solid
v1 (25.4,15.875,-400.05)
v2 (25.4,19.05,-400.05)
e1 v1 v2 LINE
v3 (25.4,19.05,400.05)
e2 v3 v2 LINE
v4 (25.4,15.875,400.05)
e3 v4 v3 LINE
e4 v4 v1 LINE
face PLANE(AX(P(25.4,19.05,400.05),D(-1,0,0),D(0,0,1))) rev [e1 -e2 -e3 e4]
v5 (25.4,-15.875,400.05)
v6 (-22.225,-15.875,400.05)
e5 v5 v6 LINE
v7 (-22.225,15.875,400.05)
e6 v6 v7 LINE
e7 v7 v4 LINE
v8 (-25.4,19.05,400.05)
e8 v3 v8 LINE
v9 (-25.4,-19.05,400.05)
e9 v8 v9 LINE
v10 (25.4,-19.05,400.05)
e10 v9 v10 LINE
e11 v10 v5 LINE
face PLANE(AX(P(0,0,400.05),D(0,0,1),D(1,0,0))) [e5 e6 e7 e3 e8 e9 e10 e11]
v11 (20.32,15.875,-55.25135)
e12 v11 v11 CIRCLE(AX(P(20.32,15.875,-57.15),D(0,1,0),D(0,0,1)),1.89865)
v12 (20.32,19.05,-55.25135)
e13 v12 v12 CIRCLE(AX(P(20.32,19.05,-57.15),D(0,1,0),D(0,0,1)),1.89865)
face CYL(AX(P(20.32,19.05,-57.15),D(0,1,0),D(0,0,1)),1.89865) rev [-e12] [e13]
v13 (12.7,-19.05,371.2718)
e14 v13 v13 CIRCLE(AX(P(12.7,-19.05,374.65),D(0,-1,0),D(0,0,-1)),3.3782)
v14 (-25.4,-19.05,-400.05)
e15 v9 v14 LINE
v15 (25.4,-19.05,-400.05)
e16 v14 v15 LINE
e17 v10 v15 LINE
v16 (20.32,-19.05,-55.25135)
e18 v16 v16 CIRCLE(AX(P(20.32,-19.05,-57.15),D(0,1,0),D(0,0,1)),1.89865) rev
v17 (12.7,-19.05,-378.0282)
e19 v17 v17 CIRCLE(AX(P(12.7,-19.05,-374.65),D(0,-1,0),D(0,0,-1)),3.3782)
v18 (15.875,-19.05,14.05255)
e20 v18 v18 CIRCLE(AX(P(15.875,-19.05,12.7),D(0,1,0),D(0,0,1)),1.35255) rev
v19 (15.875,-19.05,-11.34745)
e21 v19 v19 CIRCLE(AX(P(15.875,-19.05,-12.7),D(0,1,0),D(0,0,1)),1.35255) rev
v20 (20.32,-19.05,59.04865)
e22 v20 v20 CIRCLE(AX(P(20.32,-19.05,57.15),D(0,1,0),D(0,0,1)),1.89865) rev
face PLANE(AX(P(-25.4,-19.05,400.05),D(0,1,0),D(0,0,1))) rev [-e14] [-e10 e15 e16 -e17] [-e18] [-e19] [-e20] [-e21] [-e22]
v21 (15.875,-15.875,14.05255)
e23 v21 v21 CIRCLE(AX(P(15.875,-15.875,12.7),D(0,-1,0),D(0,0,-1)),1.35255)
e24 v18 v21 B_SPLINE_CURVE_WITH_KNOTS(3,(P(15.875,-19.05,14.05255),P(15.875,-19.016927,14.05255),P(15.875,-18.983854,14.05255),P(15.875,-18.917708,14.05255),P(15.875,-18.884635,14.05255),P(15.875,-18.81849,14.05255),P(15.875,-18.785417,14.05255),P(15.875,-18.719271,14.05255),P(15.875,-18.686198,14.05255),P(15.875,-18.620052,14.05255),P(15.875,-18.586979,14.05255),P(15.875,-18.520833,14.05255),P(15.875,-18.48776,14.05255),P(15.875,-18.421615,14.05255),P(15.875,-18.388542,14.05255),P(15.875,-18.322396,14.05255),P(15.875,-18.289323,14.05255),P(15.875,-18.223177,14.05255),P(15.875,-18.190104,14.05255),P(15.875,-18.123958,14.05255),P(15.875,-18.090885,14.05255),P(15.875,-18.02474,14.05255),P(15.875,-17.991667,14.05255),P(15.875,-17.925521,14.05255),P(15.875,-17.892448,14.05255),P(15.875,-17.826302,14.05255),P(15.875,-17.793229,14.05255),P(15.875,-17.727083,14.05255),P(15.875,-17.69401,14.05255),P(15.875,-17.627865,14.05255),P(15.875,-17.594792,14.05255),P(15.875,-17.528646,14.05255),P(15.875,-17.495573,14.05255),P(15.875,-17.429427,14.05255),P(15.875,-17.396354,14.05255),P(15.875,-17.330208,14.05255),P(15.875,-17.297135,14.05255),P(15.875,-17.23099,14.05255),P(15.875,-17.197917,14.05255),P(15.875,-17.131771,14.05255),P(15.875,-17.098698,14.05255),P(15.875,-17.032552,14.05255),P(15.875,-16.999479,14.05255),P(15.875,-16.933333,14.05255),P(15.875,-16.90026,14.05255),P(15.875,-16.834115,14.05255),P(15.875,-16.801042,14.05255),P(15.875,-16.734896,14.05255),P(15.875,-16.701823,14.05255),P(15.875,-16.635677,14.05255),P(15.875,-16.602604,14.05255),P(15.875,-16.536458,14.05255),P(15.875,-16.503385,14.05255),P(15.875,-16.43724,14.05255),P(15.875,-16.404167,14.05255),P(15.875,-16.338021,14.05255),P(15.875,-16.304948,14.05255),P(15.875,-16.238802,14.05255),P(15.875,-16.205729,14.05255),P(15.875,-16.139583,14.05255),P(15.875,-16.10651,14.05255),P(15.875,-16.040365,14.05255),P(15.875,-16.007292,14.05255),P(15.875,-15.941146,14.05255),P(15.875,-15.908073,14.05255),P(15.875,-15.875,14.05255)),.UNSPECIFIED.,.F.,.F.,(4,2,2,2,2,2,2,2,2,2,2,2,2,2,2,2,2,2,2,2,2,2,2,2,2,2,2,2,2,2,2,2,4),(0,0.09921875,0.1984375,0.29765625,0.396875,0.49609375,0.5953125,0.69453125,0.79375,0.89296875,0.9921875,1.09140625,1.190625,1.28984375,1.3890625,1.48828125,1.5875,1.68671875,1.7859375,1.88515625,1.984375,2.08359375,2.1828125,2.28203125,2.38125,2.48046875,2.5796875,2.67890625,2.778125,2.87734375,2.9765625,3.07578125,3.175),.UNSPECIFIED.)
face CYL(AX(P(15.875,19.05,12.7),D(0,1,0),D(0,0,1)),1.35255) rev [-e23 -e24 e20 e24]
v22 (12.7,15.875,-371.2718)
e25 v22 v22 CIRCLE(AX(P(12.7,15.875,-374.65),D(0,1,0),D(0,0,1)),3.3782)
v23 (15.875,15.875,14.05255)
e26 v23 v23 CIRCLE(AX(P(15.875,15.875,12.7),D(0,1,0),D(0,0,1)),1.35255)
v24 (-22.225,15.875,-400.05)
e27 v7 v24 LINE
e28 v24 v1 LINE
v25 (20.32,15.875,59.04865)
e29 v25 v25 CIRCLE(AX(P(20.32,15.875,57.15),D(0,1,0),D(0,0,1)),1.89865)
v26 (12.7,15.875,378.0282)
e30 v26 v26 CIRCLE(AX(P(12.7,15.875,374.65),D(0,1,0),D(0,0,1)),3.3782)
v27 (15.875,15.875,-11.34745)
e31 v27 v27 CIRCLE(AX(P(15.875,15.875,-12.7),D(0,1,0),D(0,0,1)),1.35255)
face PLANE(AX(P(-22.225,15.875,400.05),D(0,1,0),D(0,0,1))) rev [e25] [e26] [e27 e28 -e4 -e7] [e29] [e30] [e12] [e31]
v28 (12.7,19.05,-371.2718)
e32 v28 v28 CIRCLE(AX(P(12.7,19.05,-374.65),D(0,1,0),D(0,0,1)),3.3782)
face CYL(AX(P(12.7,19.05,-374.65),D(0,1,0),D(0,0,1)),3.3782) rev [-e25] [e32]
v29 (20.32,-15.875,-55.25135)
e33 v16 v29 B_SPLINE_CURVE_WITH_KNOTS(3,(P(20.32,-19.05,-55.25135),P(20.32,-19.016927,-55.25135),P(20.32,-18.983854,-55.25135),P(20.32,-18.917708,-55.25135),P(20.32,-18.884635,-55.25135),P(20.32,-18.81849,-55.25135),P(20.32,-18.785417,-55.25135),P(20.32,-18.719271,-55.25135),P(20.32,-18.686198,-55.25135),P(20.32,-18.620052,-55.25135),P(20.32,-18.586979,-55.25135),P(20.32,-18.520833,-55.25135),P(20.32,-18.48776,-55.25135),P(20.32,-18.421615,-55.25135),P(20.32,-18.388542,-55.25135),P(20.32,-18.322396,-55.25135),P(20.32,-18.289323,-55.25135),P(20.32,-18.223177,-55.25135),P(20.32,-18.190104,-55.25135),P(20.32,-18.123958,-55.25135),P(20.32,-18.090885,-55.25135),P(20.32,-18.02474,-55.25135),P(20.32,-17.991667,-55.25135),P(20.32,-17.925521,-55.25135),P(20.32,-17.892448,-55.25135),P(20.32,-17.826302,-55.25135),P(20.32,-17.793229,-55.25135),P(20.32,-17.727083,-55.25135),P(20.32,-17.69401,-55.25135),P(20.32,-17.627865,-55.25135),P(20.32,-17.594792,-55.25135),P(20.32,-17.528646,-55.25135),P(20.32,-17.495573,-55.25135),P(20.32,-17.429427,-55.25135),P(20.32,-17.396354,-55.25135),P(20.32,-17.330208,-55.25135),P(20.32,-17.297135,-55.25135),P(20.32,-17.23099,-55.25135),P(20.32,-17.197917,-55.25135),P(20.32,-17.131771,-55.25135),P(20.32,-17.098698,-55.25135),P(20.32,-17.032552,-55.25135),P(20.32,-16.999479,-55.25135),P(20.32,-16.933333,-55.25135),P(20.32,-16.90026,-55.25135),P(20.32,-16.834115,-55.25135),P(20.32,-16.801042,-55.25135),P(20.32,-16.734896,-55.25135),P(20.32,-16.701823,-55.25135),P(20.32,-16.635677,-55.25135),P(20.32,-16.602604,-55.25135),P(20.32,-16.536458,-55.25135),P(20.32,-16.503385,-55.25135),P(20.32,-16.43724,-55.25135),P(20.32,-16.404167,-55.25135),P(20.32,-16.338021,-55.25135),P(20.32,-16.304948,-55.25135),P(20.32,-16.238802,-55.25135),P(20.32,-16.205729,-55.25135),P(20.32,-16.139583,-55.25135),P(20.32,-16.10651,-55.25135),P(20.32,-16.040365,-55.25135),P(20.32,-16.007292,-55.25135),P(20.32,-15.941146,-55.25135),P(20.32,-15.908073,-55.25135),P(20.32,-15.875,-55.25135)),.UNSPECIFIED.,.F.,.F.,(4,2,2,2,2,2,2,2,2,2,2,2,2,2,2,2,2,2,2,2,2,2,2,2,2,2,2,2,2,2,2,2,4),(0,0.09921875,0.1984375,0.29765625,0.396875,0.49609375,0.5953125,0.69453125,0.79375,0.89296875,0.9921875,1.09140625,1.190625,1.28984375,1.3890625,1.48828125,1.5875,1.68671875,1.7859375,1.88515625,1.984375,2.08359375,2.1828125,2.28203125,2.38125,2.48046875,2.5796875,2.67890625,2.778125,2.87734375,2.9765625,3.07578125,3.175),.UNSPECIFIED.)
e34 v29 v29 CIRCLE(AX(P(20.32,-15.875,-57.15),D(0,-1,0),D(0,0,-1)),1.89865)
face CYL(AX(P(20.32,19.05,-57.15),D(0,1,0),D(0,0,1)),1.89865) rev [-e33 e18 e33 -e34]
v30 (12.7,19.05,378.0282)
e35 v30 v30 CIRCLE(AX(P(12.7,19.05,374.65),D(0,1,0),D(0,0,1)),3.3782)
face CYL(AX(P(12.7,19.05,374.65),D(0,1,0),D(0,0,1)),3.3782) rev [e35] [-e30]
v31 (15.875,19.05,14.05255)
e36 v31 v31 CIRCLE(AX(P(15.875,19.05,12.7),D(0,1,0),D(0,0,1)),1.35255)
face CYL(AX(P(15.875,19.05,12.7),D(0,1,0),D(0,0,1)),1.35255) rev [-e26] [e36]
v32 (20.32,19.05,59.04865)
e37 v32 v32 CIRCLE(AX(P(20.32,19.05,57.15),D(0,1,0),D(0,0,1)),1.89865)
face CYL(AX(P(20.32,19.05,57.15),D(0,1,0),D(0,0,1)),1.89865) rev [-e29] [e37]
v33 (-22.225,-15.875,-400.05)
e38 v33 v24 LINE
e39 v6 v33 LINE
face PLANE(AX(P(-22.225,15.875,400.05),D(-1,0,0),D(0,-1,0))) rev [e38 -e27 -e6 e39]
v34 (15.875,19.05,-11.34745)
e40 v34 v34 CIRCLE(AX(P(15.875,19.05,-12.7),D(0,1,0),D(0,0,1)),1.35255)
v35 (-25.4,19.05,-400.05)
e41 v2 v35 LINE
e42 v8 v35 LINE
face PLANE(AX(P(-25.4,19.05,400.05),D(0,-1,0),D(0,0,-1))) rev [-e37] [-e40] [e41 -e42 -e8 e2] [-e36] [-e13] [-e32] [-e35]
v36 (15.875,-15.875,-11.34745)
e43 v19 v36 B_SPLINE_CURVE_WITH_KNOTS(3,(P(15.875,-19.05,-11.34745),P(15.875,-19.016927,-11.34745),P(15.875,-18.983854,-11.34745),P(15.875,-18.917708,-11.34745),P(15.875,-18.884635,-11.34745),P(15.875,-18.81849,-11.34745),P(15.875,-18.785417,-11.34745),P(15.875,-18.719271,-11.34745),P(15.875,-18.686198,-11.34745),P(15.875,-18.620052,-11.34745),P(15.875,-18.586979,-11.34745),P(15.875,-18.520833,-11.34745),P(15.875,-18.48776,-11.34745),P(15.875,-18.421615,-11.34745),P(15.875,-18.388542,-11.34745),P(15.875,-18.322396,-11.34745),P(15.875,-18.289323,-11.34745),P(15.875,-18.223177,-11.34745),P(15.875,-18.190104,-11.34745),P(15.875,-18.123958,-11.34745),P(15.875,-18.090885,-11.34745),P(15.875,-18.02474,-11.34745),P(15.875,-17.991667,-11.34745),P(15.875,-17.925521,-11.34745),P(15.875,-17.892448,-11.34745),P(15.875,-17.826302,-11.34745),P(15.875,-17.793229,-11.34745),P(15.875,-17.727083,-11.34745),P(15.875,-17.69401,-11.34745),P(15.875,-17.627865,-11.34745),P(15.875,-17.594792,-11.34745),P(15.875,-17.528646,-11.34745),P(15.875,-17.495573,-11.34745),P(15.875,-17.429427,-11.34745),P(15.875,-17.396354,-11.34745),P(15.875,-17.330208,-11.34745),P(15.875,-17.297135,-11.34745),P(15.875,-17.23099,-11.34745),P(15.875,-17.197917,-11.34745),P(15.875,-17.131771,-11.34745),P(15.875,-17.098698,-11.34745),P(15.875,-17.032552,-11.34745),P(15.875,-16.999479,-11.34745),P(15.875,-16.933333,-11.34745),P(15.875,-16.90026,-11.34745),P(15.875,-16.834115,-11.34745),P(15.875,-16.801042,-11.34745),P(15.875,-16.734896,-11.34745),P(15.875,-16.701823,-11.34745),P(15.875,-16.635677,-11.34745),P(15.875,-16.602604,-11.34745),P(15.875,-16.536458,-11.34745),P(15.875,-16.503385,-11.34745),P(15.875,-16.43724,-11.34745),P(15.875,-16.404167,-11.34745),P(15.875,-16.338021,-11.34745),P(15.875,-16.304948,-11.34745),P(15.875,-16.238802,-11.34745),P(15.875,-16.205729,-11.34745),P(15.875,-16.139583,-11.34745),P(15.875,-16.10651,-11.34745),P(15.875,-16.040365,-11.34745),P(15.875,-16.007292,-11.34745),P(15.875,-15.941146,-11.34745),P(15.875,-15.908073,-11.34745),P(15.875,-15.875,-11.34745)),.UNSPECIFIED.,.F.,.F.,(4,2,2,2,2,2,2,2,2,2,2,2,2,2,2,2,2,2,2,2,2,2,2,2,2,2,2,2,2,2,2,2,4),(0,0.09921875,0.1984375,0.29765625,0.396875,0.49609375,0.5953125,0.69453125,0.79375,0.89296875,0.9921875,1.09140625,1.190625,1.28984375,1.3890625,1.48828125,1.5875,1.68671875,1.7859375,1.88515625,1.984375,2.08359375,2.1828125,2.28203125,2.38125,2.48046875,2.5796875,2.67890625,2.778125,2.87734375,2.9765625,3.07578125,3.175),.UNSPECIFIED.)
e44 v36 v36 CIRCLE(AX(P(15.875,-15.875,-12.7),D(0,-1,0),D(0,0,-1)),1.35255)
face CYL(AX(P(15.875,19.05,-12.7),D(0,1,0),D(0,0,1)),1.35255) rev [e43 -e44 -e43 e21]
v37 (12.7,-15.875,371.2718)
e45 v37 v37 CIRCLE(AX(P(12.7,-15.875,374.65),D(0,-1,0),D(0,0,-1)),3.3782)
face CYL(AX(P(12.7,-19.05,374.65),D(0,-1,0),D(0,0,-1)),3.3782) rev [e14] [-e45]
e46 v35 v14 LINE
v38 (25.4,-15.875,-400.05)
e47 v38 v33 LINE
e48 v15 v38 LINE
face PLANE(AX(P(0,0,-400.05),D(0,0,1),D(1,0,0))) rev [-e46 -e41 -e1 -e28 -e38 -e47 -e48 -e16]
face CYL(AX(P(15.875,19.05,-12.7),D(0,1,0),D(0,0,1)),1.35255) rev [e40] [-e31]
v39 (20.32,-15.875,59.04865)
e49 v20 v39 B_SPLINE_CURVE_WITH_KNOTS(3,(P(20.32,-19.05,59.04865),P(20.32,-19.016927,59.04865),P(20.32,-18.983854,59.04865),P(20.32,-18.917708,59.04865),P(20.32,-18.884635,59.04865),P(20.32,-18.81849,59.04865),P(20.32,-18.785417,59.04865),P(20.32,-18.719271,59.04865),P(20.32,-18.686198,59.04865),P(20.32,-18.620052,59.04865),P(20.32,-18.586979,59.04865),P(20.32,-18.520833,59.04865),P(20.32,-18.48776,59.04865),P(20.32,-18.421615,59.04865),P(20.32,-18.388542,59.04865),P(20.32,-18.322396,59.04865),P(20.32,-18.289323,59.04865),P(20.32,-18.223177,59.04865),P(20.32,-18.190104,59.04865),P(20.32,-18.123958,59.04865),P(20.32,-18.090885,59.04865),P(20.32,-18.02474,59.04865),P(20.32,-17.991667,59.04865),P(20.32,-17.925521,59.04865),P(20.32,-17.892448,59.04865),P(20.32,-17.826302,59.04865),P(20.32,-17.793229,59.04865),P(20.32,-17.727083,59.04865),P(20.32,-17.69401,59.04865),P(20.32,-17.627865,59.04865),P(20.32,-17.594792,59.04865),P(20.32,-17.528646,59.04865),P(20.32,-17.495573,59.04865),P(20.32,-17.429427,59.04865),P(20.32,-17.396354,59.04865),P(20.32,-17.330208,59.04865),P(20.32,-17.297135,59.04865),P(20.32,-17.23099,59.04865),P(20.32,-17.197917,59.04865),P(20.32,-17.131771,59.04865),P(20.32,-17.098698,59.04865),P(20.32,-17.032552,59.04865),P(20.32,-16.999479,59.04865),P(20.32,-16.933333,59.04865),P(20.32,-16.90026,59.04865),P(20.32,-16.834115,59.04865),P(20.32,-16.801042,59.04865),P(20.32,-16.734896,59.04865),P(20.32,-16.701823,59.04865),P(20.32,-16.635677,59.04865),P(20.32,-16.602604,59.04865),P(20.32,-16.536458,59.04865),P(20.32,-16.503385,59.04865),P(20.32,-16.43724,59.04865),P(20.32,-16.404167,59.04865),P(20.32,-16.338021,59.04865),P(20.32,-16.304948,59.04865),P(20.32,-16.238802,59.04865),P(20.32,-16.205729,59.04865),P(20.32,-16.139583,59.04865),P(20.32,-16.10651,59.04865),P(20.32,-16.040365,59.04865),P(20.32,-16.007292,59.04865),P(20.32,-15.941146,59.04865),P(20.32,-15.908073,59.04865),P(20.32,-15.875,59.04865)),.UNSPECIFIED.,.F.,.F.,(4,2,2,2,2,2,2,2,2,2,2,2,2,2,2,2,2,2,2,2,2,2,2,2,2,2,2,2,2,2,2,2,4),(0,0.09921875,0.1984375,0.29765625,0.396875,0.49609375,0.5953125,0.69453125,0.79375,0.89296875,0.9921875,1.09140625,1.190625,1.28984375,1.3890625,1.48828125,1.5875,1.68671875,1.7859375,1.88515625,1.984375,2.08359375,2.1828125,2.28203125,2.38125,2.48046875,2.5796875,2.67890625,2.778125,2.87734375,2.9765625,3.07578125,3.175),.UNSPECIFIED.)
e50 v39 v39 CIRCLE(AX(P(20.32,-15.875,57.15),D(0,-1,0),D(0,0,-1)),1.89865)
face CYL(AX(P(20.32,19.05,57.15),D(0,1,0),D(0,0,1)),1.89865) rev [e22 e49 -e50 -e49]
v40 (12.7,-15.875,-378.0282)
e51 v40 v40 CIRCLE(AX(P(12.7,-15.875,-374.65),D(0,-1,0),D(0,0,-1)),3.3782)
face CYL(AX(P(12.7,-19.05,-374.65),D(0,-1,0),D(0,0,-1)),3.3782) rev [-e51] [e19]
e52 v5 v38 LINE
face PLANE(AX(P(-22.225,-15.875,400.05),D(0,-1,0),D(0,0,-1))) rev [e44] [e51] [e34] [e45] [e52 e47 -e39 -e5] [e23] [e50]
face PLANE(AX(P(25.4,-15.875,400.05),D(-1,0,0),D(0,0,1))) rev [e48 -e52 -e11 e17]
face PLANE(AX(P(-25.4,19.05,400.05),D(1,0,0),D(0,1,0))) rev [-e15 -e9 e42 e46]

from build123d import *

# Parameters (mm, degrees)
BOSS_EXTRUDE1_DEPTH         = 400.05
F_6_32_TAPPED_HOLE1_D       = 2.7051
F_6_CLEARANCE_HOLE1_D       = 3.7973
F_1_4_CLEARANCE_HOLE1_D     = 6.7564
F_1_4_CLEARANCE_HOLE1_DEPTH = 3.175
MIRROR3_COPY_1_D            = 6.7564
MIRROR3_COPY_1_DEPTH        = 3.175


with BuildPart() as part:
    # Sketch1 → Boss-Extrude1 (new, symmetric)
    with BuildSketch(Plane.XY):
        Polygon((-22.225, -15.875), (25.4, -15.875), (25.4, -19.05), (-25.4, -19.05), (-25.4, 19.05), (25.4, 19.05), (25.4, 15.875), (-22.225, 15.875), align=None)
    extrude(amount=BOSS_EXTRUDE1_DEPTH, both=True)

    # #6-32 Tapped Hole1 (through all)
    with Locations(Plane(origin=(0, 19.05, 0), x_dir=(1, 0, 0), z_dir=(0, 1, 0))):
        with Locations((15.875, -12.7)):
            f_6_32_tapped_hole1 = Hole(F_6_32_TAPPED_HOLE1_D / 2)

    # #6 Clearance Hole1 (through all)
    with Locations(Plane(origin=(0, 19.05, 0), x_dir=(1, 0, 0), z_dir=(0, 1, 0))):
        with Locations((20.32, -57.15)):
            f_6_clearance_hole1 = Hole(F_6_CLEARANCE_HOLE1_D / 2)

    # 1/4 Clearance Hole1
    with Locations(Plane(origin=(0, -19.05, 0), x_dir=(-1, 0, 0), z_dir=(0, -1, 0))):
        with Locations((-12.7, -374.65)):
            f_1_4_clearance_hole1 = Hole(F_1_4_CLEARANCE_HOLE1_D / 2, depth=F_1_4_CLEARANCE_HOLE1_DEPTH)

    # Mirror2: 1/4 Clearance Hole1 across plane
    add(f_1_4_clearance_hole1.mirror(Plane.ZX), mode=Mode.SUBTRACT)

    # Mirror3: 1/4 Clearance Hole1 across plane
    add(f_1_4_clearance_hole1.mirror(Plane.XY), mode=Mode.SUBTRACT)

    # Mirror3 copy 1
    with Locations(Plane(origin=(0, 19.05, 0), x_dir=(-1, 0, 0), z_dir=(0, 1, 0))):
        with Locations((-12.7, -374.65)):
            Hole(MIRROR3_COPY_1_D / 2, depth=MIRROR3_COPY_1_DEPTH)

    # Mirror4: #6-32 Tapped Hole1, #6 Clearance Hole1 across plane
    add(f_6_32_tapped_hole1.mirror(Plane.XY), mode=Mode.SUBTRACT)
    add(f_6_clearance_hole1.mirror(Plane.XY), mode=Mode.SUBTRACT)


solid = part.part
